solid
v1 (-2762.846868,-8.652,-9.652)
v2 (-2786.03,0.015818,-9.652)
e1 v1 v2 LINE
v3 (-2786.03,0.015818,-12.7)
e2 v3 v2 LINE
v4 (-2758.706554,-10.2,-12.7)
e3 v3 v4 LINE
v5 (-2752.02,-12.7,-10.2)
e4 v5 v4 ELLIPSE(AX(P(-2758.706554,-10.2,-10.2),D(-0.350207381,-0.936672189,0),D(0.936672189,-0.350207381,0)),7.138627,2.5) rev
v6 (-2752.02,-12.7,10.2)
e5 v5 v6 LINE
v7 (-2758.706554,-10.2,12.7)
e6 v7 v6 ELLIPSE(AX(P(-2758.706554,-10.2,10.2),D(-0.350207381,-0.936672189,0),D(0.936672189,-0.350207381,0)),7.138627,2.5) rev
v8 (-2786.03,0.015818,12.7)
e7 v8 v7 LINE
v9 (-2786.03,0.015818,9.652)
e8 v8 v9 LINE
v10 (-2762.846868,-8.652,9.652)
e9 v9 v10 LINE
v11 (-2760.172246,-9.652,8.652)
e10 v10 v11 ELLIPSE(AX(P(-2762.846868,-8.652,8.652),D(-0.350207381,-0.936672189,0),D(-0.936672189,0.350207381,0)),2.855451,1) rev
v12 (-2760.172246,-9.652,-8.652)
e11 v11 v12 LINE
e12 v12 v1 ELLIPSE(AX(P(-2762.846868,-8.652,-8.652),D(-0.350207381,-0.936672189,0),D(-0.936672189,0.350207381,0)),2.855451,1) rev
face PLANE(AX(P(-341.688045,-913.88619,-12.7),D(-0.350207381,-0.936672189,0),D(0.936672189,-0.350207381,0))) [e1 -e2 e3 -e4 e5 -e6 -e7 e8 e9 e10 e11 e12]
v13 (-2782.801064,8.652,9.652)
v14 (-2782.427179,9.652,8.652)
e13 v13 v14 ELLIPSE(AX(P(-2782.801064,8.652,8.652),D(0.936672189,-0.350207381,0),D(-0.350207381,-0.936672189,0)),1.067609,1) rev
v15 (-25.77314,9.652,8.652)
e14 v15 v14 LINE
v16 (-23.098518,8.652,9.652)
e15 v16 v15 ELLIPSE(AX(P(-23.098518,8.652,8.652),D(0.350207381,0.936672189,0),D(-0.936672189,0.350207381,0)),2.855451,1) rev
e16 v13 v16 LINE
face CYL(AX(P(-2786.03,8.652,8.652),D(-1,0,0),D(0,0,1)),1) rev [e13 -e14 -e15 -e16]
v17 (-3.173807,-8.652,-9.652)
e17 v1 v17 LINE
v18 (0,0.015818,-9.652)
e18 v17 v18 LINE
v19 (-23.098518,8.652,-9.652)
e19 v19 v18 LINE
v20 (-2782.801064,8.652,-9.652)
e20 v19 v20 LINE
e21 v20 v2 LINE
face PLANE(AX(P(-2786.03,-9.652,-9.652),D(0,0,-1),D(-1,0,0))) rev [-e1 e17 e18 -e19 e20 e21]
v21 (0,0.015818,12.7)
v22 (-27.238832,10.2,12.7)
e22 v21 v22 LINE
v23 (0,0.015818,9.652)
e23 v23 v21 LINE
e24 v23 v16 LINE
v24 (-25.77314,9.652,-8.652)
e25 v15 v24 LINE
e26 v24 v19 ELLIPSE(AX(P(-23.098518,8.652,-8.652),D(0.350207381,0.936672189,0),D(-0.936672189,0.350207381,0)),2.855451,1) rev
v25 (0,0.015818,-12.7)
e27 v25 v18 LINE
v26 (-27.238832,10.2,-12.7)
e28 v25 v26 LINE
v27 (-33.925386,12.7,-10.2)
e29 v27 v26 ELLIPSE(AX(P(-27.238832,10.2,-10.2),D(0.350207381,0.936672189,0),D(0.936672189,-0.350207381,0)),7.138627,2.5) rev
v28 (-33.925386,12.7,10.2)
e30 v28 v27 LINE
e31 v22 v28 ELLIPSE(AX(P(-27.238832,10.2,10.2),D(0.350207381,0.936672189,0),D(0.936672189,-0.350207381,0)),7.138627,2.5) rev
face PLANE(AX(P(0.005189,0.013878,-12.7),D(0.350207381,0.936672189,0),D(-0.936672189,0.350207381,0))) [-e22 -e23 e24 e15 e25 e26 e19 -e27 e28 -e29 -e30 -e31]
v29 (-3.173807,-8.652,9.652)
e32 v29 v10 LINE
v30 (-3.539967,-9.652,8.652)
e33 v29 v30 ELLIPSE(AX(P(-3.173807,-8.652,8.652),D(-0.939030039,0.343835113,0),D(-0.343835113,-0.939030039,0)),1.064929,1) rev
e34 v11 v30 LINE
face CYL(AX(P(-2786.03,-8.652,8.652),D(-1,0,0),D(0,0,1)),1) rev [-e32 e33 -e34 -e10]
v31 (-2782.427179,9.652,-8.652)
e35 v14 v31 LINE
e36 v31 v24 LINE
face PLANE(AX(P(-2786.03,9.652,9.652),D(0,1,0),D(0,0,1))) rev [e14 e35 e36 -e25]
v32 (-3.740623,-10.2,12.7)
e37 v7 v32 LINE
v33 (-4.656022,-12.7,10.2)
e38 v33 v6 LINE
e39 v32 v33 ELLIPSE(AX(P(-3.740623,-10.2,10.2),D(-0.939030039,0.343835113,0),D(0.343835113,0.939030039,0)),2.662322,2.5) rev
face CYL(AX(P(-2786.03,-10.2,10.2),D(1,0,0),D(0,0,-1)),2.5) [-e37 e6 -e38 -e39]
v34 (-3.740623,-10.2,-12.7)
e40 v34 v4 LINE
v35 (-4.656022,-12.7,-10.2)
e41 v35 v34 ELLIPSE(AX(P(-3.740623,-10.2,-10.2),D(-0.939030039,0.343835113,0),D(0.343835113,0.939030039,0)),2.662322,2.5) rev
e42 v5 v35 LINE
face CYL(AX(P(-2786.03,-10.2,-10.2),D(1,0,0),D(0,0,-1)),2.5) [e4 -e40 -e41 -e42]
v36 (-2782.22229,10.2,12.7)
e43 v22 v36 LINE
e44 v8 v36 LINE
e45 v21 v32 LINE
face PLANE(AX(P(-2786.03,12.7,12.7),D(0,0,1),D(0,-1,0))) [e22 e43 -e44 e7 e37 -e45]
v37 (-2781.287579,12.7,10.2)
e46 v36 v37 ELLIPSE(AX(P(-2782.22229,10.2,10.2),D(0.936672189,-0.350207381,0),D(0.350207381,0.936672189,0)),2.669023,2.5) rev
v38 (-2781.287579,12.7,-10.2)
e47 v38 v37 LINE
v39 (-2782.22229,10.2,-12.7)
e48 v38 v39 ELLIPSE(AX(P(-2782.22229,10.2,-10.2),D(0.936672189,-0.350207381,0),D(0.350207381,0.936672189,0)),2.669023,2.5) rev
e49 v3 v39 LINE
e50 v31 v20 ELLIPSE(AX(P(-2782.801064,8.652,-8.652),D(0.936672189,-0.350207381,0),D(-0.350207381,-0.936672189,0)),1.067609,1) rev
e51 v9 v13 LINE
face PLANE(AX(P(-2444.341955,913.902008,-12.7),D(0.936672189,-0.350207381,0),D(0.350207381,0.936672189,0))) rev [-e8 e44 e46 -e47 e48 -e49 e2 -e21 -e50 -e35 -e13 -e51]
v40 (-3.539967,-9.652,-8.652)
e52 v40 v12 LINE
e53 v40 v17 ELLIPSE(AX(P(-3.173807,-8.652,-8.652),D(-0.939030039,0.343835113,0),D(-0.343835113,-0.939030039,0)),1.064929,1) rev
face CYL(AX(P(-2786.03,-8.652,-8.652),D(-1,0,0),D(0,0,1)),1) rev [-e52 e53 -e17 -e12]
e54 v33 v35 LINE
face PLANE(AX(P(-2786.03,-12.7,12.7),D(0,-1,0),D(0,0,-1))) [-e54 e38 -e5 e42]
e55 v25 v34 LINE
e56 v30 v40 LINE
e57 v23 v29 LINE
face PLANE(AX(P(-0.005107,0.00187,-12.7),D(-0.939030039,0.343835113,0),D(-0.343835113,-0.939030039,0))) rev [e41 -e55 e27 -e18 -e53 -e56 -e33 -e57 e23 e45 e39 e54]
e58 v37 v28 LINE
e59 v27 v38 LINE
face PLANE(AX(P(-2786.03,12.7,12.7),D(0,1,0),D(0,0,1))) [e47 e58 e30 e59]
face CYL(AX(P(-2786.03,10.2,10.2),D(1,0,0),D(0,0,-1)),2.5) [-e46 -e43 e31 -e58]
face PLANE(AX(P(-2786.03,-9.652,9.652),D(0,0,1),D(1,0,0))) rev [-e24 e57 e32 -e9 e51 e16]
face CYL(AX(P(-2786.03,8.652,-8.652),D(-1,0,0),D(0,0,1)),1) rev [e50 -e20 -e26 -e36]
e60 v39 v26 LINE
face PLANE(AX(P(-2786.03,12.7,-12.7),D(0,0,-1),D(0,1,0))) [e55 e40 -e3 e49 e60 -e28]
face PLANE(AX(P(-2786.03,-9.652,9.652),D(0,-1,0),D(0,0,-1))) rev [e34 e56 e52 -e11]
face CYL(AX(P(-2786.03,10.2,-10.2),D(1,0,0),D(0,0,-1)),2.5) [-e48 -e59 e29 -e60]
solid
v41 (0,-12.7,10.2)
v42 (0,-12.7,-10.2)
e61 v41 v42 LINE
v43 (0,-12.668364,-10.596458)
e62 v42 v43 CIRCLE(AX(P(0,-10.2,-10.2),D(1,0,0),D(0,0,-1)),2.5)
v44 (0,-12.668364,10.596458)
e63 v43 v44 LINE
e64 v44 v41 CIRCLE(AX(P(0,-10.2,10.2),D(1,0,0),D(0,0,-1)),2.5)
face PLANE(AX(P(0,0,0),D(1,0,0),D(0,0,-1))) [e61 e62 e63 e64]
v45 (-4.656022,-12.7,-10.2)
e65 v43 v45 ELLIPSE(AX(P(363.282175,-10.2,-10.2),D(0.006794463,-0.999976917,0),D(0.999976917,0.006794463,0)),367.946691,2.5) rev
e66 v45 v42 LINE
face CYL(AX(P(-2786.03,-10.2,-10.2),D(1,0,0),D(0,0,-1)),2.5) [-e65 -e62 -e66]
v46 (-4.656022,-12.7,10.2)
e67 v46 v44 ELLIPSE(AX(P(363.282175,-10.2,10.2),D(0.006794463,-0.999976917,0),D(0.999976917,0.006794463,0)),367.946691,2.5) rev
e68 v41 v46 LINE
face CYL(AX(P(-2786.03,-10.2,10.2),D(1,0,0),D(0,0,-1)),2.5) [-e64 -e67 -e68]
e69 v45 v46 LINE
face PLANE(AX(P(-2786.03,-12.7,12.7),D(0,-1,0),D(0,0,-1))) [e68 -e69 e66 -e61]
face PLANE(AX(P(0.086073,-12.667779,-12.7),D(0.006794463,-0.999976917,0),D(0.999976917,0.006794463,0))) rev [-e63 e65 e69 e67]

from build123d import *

# Parameters (mm, degrees)
SKETCH3_W           = 25.4
SKETCH3_H           = 25.4
SKETCH3_W_2         = 19.304
SKETCH3_H_2         = 19.304
BOSS_EXTRUDE1_DEPTH = 2786.03
FILLET1_R           = 2.5
FILLET2_R           = 1
CUT_EXTRUDE1_DEPTH  = 2787.174727274


with BuildPart() as part:
    # Sketch3 → Boss-Extrude1 (new body)
    with BuildSketch(Plane(origin=(0, 0, 0), x_dir=(0, 0, -1), z_dir=(1, 0, 0))):
        Rectangle(SKETCH3_W, SKETCH3_H)
        Rectangle(SKETCH3_W_2, SKETCH3_H_2, mode=Mode.SUBTRACT)
    extrude(amount=-BOSS_EXTRUDE1_DEPTH)

    # Fillet1
    fillet1_edges = [part.edges().sort_by_distance(p)[0] for p in [
        (-1393.015, -12.7, -12.7),
        (-1393.015, -12.7, 12.7),
        (-1393.015, 12.7, 12.7),
        (-1393.015, 12.7, -12.7),
    ]]
    fillet(fillet1_edges, radius=FILLET1_R)

    # Fillet2
    fillet2_edges = [part.edges().sort_by_distance(p)[0] for p in [
        (-1393.015, 9.652, -9.652),
        (-1393.015, -9.652, -9.652),
        (-1393.015, -9.652, 9.652),
        (-1393.015, 9.652, 9.652),
    ]]
    fillet(fillet2_edges, radius=FILLET2_R)

    # Sketch4 → Cut-Extrude1 (cut, through all)
    with BuildSketch(Plane.XY.offset(12.7)):
        Polygon((0, 10.2), (-27.238832211, 10.2), (0, 0.015817949), (0, 0.123092977), align=None)
        Polygon((-34.01, 12.731635899), (-27.238832211, 10.2), (0, 10.2), (0, 12.7), (0, 12.731635899), align=None)
        Polygon((0, 0.015817949), (-3.740622532, -10.2), (0, -10.2), align=None)
        Polygon((0, -10.2), (-3.740622532, -10.2), (-4.656022198, -12.7), (0, -12.668364101), align=None)
        Polygon((-2786.03, 12.7), (-2786.03, 10.2), (-2782.222290358, 10.2), (-2781.287578659, 12.7), align=None)
        Polygon((-2786.03, 10.2), (-2786.03, 0.015817949), (-2782.222290358, 10.2), align=None)
        Polygon((-2786.03, 0.015817949), (-2786.03, -10.2), (-2758.706553735, -10.2), align=None)
        Polygon((-2786.03, -10.2), (-2786.03, -12.7), (-2752.02, -12.7), (-2758.706553735, -10.2), align=None)
    extrude(amount=-CUT_EXTRUDE1_DEPTH, mode=Mode.SUBTRACT)


with BuildPart() as cut_extrude1_piece_1:
    # of the separate pieces the step leaves, piece 1, a body of its own (cut_extrude1_pieces)
    add(part.part.solids().sort_by_distance((-3.740622532, -10.2, 12.7))[0])


with BuildPart() as cut_extrude1_piece_2:
    # of the separate pieces the step leaves, piece 2, a body of its own (cut_extrude1_pieces)
    add(part.part.solids().sort_by_distance((0, -12.7, 10.2))[0])


solid = Compound([cut_extrude1_piece_1.part, cut_extrude1_piece_2.part])
